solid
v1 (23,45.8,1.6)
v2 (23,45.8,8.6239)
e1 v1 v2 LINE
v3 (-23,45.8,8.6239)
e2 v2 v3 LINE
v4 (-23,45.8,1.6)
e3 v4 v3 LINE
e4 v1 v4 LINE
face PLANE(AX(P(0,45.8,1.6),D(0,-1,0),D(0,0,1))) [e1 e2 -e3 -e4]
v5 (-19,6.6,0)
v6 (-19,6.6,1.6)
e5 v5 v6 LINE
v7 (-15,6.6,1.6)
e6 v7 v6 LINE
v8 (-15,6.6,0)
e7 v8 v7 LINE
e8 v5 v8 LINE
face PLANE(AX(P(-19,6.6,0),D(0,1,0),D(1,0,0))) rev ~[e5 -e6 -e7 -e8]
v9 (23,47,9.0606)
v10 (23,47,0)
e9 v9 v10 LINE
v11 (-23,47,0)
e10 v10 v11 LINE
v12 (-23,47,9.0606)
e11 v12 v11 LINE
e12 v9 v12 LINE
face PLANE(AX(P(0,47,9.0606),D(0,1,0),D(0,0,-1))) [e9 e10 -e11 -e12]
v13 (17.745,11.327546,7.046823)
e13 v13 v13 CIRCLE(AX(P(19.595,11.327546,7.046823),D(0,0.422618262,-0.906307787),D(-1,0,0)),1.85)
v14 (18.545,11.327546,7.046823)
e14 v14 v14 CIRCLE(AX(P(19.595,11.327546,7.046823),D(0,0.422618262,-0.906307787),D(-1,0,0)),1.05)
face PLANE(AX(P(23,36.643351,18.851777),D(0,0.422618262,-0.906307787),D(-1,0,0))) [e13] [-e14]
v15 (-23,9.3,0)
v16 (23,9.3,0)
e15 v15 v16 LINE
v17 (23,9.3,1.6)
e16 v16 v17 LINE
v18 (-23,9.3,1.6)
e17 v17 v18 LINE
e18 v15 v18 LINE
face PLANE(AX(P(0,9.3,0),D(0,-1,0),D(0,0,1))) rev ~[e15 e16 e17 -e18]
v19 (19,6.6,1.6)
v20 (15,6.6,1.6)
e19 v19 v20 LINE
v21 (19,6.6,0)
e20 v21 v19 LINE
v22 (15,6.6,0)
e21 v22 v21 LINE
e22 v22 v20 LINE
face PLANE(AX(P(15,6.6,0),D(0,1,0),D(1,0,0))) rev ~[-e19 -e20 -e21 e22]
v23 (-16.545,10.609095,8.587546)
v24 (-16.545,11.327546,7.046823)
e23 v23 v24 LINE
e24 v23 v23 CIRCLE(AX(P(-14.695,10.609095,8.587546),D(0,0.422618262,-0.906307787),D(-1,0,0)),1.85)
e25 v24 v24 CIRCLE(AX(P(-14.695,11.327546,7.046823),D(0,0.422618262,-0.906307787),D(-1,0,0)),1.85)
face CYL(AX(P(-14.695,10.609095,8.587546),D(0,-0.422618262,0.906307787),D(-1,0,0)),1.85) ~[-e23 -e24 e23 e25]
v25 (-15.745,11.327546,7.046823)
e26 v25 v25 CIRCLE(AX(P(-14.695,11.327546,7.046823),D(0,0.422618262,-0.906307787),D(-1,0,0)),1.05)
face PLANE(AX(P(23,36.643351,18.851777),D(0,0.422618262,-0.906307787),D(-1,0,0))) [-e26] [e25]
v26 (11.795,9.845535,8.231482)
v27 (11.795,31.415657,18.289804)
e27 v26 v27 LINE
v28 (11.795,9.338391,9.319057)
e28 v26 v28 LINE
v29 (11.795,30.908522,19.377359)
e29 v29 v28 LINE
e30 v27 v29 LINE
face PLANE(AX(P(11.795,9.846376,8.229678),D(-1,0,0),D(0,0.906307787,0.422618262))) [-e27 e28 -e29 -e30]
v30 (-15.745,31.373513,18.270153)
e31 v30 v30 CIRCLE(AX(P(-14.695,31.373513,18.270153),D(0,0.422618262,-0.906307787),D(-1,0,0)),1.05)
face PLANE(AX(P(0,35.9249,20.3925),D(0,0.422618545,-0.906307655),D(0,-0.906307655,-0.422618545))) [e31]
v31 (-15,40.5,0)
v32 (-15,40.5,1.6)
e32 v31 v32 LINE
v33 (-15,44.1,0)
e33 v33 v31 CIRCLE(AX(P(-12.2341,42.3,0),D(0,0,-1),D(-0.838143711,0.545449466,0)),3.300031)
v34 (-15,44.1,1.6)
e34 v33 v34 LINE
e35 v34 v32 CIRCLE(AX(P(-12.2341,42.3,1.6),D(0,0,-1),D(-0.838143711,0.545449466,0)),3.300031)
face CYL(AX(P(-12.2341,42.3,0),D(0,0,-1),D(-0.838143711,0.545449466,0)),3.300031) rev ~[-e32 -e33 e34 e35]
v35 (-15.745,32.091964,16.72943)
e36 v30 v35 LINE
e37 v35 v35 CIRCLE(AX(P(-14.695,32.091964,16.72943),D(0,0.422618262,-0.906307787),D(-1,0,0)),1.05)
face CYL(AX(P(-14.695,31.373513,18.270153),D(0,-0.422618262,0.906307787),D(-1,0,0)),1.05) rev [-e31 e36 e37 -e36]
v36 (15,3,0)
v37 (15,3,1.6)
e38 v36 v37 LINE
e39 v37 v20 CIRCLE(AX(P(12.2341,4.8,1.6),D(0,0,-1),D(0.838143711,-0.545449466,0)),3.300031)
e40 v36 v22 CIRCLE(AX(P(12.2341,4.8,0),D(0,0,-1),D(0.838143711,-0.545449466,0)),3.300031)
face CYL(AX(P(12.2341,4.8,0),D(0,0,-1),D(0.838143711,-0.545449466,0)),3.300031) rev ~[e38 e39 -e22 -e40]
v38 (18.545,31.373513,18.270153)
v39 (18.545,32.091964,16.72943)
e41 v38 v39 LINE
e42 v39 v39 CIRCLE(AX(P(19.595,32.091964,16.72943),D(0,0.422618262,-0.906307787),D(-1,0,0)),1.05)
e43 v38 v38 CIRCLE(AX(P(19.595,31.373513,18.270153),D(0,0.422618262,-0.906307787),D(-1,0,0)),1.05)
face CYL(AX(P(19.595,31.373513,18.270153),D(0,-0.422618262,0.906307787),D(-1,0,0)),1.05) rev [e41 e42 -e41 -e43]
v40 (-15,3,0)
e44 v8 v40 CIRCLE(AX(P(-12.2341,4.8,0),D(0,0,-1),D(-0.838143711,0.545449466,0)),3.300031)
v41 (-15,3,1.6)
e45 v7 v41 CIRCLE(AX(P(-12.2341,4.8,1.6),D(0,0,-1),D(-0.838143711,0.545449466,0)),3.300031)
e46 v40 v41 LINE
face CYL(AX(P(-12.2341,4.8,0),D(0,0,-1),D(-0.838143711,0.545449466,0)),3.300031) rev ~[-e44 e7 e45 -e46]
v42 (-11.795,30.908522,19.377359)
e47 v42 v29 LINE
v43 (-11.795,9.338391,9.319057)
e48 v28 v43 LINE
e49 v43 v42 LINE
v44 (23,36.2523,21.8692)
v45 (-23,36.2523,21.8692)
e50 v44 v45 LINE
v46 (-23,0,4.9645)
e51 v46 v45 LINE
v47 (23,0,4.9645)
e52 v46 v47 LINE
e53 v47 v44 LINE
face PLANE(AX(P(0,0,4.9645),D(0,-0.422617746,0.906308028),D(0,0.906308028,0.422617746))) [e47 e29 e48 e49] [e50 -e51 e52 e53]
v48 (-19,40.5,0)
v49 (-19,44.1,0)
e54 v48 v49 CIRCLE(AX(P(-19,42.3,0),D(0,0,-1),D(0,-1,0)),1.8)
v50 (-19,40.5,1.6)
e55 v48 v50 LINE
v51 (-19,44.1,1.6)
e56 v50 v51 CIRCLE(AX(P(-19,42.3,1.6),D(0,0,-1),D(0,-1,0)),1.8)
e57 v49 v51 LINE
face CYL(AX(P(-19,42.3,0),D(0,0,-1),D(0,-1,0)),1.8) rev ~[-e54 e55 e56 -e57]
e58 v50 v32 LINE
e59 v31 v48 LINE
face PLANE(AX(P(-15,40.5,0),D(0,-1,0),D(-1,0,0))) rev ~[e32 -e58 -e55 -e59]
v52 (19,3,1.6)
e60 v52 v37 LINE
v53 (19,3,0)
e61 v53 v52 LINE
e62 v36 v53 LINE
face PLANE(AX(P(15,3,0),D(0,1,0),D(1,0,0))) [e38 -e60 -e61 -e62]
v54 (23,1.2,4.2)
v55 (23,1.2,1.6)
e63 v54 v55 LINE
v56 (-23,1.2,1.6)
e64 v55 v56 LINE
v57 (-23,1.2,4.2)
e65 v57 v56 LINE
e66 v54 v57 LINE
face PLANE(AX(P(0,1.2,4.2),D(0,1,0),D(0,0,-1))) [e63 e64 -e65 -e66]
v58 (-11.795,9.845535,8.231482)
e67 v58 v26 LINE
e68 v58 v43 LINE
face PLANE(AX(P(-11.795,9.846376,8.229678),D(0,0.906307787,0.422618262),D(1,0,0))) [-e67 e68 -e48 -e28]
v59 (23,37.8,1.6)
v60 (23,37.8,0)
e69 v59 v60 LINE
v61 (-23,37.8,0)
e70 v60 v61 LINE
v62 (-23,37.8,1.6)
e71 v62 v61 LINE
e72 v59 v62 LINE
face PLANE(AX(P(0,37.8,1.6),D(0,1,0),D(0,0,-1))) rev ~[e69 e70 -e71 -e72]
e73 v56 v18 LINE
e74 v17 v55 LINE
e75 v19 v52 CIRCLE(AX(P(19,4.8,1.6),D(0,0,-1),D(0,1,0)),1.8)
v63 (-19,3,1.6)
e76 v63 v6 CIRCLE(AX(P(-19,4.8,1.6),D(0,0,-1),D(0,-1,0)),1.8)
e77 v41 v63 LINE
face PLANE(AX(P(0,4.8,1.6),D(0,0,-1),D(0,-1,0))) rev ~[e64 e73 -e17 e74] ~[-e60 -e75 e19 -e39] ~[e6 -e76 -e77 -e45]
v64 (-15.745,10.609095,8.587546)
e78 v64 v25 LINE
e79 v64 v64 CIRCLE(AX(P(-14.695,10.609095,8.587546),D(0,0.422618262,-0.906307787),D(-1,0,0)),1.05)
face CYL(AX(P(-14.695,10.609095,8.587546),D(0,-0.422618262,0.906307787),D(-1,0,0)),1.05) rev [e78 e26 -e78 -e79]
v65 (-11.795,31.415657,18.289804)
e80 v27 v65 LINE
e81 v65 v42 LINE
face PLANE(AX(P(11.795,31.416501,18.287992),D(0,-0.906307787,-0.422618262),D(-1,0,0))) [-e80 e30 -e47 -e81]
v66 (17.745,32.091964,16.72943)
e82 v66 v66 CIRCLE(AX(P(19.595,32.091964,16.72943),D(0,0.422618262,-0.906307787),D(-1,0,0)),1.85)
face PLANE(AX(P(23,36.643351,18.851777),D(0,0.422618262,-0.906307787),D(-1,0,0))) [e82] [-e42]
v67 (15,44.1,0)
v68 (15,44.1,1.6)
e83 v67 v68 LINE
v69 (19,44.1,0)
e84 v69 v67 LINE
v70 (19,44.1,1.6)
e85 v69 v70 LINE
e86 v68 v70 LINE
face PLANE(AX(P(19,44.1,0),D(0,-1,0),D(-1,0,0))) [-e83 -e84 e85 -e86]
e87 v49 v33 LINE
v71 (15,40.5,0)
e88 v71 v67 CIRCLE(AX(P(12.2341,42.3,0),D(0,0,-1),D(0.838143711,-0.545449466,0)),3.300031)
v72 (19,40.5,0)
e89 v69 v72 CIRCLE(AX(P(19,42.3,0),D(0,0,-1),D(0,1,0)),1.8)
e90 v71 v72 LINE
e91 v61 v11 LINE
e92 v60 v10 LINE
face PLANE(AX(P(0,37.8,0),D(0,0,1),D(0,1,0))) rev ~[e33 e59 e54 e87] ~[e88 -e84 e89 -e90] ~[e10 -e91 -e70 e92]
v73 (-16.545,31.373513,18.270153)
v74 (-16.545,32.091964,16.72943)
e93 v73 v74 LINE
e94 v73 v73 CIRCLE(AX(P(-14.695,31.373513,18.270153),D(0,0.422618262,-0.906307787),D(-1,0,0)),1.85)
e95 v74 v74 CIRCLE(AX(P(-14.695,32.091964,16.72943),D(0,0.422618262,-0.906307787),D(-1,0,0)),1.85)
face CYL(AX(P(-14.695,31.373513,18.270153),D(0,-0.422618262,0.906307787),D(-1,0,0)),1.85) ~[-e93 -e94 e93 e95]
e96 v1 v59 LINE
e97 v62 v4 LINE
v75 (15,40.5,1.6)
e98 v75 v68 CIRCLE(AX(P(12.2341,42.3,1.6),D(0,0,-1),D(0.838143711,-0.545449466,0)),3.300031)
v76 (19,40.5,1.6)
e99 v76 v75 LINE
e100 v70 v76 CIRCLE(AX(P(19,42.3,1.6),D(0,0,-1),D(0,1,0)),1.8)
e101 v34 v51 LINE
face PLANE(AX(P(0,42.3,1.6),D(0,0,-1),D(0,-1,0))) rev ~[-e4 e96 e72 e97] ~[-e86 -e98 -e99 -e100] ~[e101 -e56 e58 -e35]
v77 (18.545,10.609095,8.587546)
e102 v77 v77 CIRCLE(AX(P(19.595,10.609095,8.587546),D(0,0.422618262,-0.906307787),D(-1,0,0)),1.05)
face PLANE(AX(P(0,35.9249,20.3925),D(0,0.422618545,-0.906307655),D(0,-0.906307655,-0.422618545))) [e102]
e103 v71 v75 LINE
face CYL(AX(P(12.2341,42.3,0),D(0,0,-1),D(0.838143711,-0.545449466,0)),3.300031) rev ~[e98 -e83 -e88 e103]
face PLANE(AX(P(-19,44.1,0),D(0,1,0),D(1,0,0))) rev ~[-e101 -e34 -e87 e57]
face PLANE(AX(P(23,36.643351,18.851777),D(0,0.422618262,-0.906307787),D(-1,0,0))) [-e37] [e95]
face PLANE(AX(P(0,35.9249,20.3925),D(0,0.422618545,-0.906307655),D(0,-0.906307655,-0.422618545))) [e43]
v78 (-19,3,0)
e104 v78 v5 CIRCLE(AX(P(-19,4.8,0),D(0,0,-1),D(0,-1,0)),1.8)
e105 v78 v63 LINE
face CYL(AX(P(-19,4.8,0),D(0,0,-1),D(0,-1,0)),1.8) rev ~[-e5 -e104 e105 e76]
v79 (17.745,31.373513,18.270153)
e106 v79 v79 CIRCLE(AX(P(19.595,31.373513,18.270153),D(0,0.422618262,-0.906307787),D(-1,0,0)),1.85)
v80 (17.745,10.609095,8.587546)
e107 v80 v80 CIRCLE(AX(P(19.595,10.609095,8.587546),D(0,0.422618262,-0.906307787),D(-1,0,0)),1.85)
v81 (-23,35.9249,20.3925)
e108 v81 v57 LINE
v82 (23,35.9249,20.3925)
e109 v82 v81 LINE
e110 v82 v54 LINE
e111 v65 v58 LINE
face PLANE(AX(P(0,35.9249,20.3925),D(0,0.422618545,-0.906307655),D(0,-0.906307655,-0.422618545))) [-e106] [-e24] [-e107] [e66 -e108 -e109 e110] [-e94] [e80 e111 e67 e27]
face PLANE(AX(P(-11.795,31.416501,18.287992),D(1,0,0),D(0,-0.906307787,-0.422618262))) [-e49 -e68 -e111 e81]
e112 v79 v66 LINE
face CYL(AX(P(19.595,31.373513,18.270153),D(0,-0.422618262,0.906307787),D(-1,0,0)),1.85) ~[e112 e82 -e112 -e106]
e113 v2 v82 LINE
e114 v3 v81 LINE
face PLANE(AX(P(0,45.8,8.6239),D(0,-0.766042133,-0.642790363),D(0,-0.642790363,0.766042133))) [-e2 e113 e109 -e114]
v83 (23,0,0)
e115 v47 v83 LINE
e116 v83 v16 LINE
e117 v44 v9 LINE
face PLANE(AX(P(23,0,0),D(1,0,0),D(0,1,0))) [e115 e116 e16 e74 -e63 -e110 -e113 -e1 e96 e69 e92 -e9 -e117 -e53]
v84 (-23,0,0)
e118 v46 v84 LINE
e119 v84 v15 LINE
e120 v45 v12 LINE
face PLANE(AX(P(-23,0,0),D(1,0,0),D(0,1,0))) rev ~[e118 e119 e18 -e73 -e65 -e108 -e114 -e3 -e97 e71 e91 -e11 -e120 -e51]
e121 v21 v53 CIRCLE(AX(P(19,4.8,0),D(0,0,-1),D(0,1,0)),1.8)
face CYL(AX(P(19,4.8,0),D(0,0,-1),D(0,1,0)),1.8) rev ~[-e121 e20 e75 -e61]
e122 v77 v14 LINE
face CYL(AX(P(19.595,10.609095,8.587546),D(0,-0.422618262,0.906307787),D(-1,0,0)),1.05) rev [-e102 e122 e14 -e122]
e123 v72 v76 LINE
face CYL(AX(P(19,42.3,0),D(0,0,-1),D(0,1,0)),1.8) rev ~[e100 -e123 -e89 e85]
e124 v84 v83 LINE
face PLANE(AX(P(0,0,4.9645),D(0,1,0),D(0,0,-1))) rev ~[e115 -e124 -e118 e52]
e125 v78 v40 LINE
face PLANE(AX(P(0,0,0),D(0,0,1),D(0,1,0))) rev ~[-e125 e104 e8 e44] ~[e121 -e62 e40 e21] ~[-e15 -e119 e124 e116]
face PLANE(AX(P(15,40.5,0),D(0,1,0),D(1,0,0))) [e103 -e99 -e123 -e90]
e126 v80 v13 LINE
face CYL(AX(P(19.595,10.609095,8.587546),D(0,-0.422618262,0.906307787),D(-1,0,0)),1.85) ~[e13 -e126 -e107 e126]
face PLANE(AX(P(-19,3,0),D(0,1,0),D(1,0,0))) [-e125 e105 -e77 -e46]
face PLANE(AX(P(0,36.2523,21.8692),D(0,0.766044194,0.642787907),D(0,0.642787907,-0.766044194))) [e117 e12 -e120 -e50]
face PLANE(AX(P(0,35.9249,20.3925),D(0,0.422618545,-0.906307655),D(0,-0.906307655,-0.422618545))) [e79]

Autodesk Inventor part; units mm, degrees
ref_plane "XZ Plane" through (0, 0, 0) normal (0, 1, 0) x (-1, 0, 0)
ref_plane "XY Plane" through (0, 0, 0) normal (0, 0, 1) x (1, 0, 0)
sketch "Sketch1" plane through (0, 0, 0) normal (1, 0, 0) x (0, 1, 0)
  line L0 (0, 4.9645) -> (36.2523, 21.8692)
  line L1 (36.2523, 21.8692) -> (47, 9.0606)
  line L2 (45.8, 1.6) -> (45.8, 8.6239)
  line L3 (45.8, 8.6239) -> (35.9249, 20.3925)
  line L4 (35.9249, 20.3925) -> (1.2, 4.2)
  line L5 (0, 4.9645) -> (0, 0)
  line L6 (47, 9.0606) -> (47, 0)
  line L7 (0, 0) -> (9.3, 0)
  line L8 (9.3, 0) -> (9.3, 1.6)
  line L9 (9.3, 1.6) -> (4.8, 1.6)
  line L10 (1.2, 4.2) -> (1.2, 1.6)
  line L11 (45.8, 1.6) -> (42.3, 1.6)
  line L12 (37.8, 1.6) -> (37.8, 0)
  line L13 (37.8, 0) -> (47, 0)
  line L14 (4.8, 1.6) -> (4.8, 0) construction
  line L15 (42.3, 1.6) -> (42.3, 0) construction
  line L16 (42.3, 1.6) -> (37.8, 1.6)
  line L17 (4.8, 1.6) -> (1.2, 1.6)
  dimension "d1" = 1.2
  dimension "d3" = 1.2
  dimension "d4" = 1.2
  dimension "d25" = 40
  dimension "d26" = 25
  dimension "d27" = 1.6
  dimension "d28" = 1.2
  dimension "d29" = 37.5
  dimension "d37" = 105
  dimension "d38" = 4.5
  dimension "d39" = 2.6
  dimension "d42" = 3.5
  dimension "d43" = 3.6
extrude "Extrusion1" add sketch "Sketch1" along normal mid plane 46
sketch "Sketch3" plane through (23, 35.9249, 20.3925) normal (0, 0.4226, -0.9063) x (-1, 0, 0)
  circle A0 centre (3.405, -5.0219) radius 1.05
  circle A1 centre (37.695, -5.0219) radius 1.05
  circle A2 centre (37.695, -27.9329) radius 1.05
  circle A3 centre (3.405, -27.9329) radius 1.05
  line L0 (0, -39.4135) -> (0, 0) construction
  line L1 (46, 0) -> (46, -39.4135) construction
  circle A4 centre (3.405, -5.0219) radius 1.85
  circle A5 centre (37.695, -5.0219) radius 1.85
  circle A6 centre (37.695, -27.9329) radius 1.85
  circle A7 centre (3.405, -27.9329) radius 1.85
  line L2 (11.205, -4.9754) -> (34.795, -4.9754)
  line L3 (34.795, -4.9754) -> (34.795, -28.7754)
  line L4 (34.795, -28.7754) -> (11.205, -28.7754)
  line L5 (11.205, -28.7754) -> (11.205, -4.9754)
  line L6 (23, -4.9754) -> (23, -28.7754) construction
  line L7 (11.205, -16.8754) -> (0, -16.8754) construction
  line L8 (34.795, -16.8754) -> (46, -16.8754) construction
  point P0 (23, -41.1773)
  dimension "d13" = 34.29
  dimension "d14" = 22.911
  dimension "d15" = 2.1
  dimension "d16" = 0.8
  dimension "d17" = 7.8
  dimension "d18" = 2.9
  dimension "d19" = 23.8
  dimension "d44" = 0.0465
extrude "Extrusion2" add sketch "Sketch3" along normal blind 1.7 contours A4 | A5 | A6 | A7
extrude "Extrusion3" cut sketch "Sketch3" against normal up to surface (1.2 mm away) contours L2 L3 L4 L5
sketch "Sketch5" plane through (-23, 0, 0) normal (0, 0, -1) x (-1, 0, 0)
  arc A0 (-4, 3) -> (-4, 6.6) centre (-4, 4.8) ccw
  arc A1 (-42, 6.6) -> (-42, 3) centre (-42, 4.8) ccw
  arc A2 (-42, 44.1) -> (-42, 40.5) centre (-42, 42.3) ccw
  arc A3 (-4, 40.5) -> (-4, 44.1) centre (-4, 42.3) ccw
  line L0 (0, 9.3) -> (0, 0) construction
  line L1 (-46, 9.3) -> (0, 9.3) construction
  line L2 (-46, 0) -> (-46, 9.3) construction
  line L3 (-46, 0) -> (0, 0) construction
  line L4 (0, 47) -> (0, 37.8) construction
  line L5 (-46, 47) -> (0, 47) construction
  line L6 (-46, 37.8) -> (-46, 47) construction
  line L7 (-46, 37.8) -> (0, 37.8) construction
  line L8 (-23, -9.4) -> (-23, 56.4) projected
  arc A4 (-8, 6.6) -> (-8, 3) centre (-8, 4.8) ccw construction
  line L9 (-4, 6.6) -> (-8, 6.6)
  line L10 (-4, 3) -> (-8, 3)
  arc A5 (-38, 3) -> (-38, 6.6) centre (-38, 4.8) ccw construction
  arc A6 (-38, 40.5) -> (-38, 44.1) centre (-38, 42.3) ccw construction
  arc A7 (-8, 44.1) -> (-8, 40.5) centre (-8, 42.3) ccw construction
  line L11 (-38, 3) -> (-42, 3)
  line L12 (-38, 6.6) -> (-42, 6.6)
  line L13 (-38, 40.5) -> (-42, 40.5)
  line L14 (-42, 44.1) -> (-38, 44.1)
  line L15 (-4, 44.1) -> (-8, 44.1)
  line L16 (-8, 40.5) -> (-4, 40.5)
  arc A8 (-8, 6.6) -> (-8, 3) centre (-10.7659, 4.8) ccw
  arc A9 (-38, 3) -> (-38, 6.6) centre (-35.2341, 4.8) ccw
  arc A10 (-8, 44.1) -> (-8, 40.5) centre (-10.7659, 42.3) ccw
  arc A11 (-38, 40.5) -> (-38, 44.1) centre (-35.2341, 42.3) ccw
  point P0 (-23, 0)
  point P1 (-23, 4.8)
  dimension "d30" = 37.5
  dimension "d31" = 38
  dimension "d32" = 3.6
  dimension "d33" = 4
  dimension "d34" = 6.6
extrude "Extrusion4" cut sketch "Sketch5" against normal up to next
ref_plane "Work Plane1" through (18.75, 0, 0) normal (1, 0, 0) x (0, 1, 0)
ref_plane "Work Plane2" through (-18.75, 0, 0) normal (1, 0, 0) x (0, 1, 0)
ref_plane "Work Plane3" through (15, 42.3, 1.6) normal (0, -1, 0) x (1, 0, 0)
properties part number "DisplayMount"
